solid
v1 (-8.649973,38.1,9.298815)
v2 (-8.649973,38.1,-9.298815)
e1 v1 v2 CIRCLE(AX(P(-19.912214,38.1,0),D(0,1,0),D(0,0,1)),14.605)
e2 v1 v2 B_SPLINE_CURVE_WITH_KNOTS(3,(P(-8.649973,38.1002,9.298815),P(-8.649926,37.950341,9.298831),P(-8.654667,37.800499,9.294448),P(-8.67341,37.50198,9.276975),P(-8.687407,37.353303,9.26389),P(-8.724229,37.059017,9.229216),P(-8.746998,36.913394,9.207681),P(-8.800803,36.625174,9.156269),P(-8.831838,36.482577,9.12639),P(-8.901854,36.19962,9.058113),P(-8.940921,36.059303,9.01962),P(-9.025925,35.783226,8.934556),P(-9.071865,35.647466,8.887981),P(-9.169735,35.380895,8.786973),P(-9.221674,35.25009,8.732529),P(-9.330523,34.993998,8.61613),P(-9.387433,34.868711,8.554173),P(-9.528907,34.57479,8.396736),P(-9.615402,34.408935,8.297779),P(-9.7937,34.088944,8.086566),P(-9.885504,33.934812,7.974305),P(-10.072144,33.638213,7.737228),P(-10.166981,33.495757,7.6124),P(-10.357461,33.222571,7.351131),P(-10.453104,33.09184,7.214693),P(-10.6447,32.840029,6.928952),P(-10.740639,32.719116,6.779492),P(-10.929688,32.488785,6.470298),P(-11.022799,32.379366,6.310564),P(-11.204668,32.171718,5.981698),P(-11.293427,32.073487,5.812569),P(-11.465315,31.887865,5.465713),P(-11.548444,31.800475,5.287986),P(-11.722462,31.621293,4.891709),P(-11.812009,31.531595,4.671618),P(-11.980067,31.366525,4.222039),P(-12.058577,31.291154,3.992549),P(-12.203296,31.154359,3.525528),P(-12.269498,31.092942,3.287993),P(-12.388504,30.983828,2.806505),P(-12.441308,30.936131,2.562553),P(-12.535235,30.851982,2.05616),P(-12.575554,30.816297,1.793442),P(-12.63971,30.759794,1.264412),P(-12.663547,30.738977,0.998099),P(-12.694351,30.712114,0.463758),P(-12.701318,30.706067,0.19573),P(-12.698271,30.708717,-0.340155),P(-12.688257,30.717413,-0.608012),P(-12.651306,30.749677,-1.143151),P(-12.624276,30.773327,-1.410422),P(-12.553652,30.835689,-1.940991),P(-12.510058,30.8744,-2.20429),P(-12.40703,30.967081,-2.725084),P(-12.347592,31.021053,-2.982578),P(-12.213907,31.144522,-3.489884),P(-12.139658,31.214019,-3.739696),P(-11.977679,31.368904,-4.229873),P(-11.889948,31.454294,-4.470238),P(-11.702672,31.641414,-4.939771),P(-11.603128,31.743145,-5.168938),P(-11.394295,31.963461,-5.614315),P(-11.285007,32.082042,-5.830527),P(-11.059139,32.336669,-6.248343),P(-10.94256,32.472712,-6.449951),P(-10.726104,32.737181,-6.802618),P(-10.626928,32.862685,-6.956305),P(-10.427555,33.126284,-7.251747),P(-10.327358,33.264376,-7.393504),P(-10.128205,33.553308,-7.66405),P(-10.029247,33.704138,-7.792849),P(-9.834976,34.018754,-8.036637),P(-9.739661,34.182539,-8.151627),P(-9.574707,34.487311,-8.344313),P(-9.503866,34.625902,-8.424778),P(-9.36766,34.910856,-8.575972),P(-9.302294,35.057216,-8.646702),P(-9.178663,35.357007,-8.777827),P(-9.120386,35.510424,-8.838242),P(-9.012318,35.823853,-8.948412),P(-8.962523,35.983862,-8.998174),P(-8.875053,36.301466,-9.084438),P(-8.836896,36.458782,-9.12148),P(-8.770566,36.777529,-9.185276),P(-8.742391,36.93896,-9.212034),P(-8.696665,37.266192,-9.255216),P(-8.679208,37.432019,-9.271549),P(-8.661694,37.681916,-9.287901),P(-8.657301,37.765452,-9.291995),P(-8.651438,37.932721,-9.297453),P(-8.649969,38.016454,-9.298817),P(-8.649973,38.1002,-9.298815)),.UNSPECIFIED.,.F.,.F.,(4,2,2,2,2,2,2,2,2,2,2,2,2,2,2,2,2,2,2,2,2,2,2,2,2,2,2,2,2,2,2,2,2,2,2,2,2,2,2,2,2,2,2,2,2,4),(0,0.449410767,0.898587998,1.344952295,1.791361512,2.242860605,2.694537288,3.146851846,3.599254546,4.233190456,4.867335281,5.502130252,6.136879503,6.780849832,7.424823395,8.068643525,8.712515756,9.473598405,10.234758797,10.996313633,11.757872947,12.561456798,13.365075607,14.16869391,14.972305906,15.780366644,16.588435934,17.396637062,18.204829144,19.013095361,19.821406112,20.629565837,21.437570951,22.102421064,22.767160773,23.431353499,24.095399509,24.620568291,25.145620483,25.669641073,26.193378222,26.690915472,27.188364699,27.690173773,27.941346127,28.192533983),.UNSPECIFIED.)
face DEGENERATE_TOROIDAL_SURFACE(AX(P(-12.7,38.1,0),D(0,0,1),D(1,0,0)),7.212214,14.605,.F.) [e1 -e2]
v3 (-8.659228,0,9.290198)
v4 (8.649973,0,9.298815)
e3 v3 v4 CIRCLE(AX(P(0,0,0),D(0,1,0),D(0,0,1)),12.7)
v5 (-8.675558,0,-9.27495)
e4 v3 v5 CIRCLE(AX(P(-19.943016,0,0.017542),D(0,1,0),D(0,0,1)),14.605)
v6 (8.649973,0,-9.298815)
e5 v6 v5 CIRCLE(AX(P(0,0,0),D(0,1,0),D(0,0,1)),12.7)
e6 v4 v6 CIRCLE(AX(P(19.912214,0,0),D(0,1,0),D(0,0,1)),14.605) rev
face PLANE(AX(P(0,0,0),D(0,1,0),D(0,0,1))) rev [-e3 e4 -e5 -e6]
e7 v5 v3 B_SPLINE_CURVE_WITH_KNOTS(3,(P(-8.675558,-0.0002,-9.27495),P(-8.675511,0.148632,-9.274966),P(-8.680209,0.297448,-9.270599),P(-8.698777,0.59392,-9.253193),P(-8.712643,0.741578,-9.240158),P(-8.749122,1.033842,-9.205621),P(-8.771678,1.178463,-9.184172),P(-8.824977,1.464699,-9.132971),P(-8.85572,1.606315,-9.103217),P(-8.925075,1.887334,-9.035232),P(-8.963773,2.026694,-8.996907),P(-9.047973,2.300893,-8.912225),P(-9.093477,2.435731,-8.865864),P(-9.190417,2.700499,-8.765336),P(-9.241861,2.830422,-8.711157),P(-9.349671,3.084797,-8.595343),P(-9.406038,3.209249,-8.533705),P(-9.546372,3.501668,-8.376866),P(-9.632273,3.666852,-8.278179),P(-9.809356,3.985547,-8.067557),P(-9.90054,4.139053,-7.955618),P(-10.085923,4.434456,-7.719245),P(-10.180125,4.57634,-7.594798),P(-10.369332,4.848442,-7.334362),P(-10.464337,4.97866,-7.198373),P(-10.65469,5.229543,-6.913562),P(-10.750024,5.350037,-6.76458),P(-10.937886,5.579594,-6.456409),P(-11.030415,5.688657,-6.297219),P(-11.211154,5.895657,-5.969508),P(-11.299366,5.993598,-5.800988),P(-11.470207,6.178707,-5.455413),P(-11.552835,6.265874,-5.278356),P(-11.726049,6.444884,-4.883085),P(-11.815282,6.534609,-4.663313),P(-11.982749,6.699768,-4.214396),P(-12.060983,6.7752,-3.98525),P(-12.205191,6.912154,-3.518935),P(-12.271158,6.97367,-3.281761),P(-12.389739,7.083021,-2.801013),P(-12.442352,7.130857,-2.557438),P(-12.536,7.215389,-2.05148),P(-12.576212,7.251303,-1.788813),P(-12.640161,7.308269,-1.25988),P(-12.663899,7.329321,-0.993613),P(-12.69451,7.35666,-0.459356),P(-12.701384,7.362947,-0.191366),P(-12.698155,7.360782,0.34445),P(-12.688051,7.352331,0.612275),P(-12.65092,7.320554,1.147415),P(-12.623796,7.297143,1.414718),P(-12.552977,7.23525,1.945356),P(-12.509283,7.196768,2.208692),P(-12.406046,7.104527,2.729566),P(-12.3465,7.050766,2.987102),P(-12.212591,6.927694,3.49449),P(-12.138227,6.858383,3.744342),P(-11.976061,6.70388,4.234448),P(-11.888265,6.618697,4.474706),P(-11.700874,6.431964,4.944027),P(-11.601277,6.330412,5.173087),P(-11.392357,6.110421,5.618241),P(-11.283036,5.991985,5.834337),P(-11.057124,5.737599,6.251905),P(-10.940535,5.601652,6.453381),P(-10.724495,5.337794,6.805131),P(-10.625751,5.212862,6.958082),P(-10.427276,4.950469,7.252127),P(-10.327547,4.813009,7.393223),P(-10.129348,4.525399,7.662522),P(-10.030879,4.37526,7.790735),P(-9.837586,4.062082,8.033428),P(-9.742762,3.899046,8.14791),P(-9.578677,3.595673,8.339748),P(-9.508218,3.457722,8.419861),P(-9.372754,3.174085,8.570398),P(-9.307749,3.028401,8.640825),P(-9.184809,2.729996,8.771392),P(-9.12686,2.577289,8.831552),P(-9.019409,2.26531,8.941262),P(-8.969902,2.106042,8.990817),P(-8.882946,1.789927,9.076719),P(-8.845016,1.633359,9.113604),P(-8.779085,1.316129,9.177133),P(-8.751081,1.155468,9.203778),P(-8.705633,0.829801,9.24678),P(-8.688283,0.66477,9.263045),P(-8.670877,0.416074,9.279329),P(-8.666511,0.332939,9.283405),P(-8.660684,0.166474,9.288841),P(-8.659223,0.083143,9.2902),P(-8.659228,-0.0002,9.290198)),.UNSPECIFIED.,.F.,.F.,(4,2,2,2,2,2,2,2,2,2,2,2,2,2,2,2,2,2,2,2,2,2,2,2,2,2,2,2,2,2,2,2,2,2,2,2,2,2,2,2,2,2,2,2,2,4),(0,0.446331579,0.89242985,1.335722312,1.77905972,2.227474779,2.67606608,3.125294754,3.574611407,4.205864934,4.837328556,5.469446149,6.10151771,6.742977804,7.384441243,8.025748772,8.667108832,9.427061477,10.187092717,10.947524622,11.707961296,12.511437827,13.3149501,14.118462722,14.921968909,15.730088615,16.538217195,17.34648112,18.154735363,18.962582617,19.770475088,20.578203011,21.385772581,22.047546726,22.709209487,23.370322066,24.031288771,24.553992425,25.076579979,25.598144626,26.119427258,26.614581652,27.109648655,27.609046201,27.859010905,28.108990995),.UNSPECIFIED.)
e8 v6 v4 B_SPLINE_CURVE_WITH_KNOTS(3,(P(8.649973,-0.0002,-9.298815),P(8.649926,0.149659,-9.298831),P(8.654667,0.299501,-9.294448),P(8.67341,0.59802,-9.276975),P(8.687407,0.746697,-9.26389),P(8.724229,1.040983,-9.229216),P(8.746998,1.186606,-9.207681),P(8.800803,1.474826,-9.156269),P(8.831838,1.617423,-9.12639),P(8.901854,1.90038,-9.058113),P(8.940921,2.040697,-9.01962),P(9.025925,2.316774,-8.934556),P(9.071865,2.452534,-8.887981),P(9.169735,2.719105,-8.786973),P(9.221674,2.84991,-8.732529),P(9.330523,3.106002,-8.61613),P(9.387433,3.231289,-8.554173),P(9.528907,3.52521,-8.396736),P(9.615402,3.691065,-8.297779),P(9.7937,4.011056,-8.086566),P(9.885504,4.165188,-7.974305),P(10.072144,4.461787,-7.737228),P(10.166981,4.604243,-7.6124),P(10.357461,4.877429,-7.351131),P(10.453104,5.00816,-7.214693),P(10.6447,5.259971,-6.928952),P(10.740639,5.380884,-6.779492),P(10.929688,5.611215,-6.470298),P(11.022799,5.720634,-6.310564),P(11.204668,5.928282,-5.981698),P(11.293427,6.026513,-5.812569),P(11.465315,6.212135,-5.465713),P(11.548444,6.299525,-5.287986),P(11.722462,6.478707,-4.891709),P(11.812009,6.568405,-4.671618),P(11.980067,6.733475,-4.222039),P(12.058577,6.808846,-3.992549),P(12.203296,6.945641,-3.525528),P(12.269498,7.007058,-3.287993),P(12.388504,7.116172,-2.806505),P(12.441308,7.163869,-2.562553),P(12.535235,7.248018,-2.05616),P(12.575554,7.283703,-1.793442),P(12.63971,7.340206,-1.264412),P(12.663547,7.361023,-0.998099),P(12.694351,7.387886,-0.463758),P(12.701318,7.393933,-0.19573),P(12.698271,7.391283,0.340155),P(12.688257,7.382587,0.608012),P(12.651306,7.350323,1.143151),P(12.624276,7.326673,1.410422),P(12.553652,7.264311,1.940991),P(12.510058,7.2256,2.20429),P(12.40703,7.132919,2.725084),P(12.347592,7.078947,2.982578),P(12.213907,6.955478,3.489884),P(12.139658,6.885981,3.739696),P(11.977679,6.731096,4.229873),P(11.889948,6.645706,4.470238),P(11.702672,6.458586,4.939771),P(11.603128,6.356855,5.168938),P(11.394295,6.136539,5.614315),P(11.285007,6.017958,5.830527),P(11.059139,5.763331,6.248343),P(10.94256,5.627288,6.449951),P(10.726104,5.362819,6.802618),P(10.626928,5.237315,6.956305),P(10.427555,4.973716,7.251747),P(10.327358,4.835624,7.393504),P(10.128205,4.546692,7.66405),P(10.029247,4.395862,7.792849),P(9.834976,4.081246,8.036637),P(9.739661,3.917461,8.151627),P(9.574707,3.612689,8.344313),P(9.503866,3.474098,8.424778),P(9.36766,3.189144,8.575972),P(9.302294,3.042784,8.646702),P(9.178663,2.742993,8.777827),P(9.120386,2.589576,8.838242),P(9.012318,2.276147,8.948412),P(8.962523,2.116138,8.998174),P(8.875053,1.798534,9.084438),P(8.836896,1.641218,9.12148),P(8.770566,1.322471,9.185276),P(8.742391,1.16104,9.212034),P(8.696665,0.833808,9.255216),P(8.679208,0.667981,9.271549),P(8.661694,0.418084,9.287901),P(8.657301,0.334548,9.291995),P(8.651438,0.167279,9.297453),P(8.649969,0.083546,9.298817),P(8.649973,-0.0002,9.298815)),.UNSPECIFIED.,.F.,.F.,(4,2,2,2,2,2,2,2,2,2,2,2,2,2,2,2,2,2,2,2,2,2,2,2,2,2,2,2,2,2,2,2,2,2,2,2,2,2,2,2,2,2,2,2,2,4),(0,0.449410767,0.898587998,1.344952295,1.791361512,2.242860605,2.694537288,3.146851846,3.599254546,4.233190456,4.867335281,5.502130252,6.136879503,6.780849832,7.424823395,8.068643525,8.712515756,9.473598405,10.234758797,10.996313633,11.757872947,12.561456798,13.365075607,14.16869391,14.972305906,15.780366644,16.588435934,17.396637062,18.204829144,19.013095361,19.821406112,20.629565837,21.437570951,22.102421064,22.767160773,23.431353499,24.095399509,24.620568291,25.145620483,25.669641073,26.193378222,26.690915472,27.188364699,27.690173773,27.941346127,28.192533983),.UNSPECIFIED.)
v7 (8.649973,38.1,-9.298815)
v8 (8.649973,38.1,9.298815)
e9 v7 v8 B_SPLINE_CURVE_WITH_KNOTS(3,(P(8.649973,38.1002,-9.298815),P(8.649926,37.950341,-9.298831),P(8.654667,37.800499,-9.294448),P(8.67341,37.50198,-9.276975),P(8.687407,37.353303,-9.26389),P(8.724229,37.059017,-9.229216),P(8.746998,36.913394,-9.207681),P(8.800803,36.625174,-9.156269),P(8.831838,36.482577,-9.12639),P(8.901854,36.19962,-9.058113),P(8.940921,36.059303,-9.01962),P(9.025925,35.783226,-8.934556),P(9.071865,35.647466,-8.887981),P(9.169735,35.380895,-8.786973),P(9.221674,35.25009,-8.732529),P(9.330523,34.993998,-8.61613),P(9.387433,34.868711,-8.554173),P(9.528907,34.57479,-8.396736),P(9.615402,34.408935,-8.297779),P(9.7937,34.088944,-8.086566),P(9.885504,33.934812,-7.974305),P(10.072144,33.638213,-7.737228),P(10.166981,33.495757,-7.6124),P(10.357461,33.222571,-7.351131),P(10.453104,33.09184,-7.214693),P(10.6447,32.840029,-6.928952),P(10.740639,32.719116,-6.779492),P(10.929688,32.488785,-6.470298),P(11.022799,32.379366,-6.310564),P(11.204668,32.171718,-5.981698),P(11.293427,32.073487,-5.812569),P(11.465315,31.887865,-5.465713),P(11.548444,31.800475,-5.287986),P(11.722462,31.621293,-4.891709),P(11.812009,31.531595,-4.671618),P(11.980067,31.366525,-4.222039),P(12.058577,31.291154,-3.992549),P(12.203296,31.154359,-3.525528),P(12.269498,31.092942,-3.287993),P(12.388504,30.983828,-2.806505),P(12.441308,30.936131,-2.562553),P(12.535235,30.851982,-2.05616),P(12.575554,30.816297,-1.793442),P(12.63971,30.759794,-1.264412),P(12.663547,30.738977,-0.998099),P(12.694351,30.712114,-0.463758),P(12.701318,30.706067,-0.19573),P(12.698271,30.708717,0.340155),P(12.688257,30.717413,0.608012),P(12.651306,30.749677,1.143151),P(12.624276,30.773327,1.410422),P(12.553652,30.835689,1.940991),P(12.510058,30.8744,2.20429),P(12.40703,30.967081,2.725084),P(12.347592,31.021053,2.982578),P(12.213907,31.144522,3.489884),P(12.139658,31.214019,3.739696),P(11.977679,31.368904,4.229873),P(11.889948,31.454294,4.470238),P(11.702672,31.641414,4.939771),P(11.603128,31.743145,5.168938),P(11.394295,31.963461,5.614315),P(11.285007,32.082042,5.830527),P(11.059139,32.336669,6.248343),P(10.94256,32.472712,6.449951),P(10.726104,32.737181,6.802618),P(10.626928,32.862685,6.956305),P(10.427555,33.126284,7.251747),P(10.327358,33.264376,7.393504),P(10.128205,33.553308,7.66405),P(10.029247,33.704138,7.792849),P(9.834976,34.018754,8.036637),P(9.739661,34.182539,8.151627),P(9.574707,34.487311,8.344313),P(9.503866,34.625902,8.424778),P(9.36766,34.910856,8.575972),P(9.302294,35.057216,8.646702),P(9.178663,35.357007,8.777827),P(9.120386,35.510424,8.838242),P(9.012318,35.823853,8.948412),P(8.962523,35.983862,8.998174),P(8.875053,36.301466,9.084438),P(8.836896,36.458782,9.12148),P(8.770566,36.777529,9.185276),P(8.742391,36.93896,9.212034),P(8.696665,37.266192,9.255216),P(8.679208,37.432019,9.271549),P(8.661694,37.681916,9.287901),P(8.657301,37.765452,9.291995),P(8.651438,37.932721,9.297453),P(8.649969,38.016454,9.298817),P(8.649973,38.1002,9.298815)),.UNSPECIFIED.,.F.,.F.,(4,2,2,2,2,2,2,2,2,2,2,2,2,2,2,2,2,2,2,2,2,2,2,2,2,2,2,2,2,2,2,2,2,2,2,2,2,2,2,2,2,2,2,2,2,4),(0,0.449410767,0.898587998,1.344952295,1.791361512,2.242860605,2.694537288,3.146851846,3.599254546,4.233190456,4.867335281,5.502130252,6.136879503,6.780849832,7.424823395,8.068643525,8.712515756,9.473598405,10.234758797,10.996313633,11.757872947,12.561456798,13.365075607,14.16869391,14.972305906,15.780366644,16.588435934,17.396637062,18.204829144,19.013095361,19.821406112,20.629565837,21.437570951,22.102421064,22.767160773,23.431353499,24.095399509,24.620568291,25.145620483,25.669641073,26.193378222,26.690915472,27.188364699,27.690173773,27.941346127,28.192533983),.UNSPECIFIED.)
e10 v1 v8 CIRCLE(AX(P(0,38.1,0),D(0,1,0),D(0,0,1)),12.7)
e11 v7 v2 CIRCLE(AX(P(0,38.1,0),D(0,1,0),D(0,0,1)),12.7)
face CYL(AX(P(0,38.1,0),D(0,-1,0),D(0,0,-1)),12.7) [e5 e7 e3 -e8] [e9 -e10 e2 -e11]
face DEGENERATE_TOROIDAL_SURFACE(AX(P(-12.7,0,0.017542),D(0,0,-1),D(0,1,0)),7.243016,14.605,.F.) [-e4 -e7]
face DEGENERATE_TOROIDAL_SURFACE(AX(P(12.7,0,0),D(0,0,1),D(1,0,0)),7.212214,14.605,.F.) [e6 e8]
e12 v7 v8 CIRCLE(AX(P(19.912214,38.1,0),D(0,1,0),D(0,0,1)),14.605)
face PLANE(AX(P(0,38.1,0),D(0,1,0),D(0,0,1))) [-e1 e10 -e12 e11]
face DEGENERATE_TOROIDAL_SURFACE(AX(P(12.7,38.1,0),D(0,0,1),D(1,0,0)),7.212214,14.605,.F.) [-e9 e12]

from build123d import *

# Parameters (mm, degrees)
SKETCH1_R           = 12.7
BOSS_EXTRUDE1_DEPTH = 38.1


with BuildPart() as part:
    # Sketch1 → Boss-Extrude1 (new body)
    with BuildSketch(Plane(origin=(0, 0, 0), x_dir=(1, 0, 0), z_dir=(0, 1, 0))):
        Circle(SKETCH1_R)
    extrude(amount=BOSS_EXTRUDE1_DEPTH)

    # Sketch2 → Cut-Revolve1 (revolve, cut)
    with BuildSketch(Plane(origin=(12.7, 0, 0), x_dir=(0, 0, -1), z_dir=(1, 0, 0))):
        with BuildLine():
            Line((-12.7, 38.1), (12.7, 38.1))
            ThreePointArc((12.7, 38.1), (0, 30.707213599), (-12.7, 38.1))
        make_face()
    revolve(axis=Axis((12.7, 38.1, 12.7), (0, 0, -1)), mode=Mode.SUBTRACT)

    # Sketch3 → Cut-Revolve2 (revolve, cut)
    with BuildSketch(Plane(origin=(12.7, 0, 0), x_dir=(0, 0, -1), z_dir=(1, 0, 0))):
        with BuildLine():
            Line((-12.7, 0), (12.7, 0))
            ThreePointArc((12.7, 0), (0, 7.392786401), (-12.7, 0))
        make_face()
    revolve(axis=Axis((12.7, 0, 12.7), (0, 0, -1)), mode=Mode.SUBTRACT)

    # Sketch4 → Cut-Revolve3 (revolve, cut)
    with BuildSketch(Plane(origin=(-12.7, 0, 0), x_dir=(0, 0, -1), z_dir=(1, 0, 0))):
        with BuildLine():
            Line((-12.7, 38.1), (12.7, 38.1))
            ThreePointArc((12.7, 38.1), (0, 30.707213599), (-12.7, 38.1))
        make_face()
    revolve(axis=Axis((-12.7, 38.1, 12.7), (0, 0, -1)), mode=Mode.SUBTRACT)

    # Sketch5 → Cut-Revolve4 (revolve, cut)
    with BuildSketch(Plane(origin=(-12.7, 0, 0), x_dir=(0, 0, -1), z_dir=(1, 0, 0))):
        with BuildLine():
            Line((-12.7, 0), (12.664915911, 0))
            ThreePointArc((12.664915911, 0), (-0.017542044, 7.361983694), (-12.7, 0))
        make_face()
    revolve(axis=Axis((-12.7, 0, 0), (0, 0, 1)), mode=Mode.SUBTRACT)


solid = part.part
